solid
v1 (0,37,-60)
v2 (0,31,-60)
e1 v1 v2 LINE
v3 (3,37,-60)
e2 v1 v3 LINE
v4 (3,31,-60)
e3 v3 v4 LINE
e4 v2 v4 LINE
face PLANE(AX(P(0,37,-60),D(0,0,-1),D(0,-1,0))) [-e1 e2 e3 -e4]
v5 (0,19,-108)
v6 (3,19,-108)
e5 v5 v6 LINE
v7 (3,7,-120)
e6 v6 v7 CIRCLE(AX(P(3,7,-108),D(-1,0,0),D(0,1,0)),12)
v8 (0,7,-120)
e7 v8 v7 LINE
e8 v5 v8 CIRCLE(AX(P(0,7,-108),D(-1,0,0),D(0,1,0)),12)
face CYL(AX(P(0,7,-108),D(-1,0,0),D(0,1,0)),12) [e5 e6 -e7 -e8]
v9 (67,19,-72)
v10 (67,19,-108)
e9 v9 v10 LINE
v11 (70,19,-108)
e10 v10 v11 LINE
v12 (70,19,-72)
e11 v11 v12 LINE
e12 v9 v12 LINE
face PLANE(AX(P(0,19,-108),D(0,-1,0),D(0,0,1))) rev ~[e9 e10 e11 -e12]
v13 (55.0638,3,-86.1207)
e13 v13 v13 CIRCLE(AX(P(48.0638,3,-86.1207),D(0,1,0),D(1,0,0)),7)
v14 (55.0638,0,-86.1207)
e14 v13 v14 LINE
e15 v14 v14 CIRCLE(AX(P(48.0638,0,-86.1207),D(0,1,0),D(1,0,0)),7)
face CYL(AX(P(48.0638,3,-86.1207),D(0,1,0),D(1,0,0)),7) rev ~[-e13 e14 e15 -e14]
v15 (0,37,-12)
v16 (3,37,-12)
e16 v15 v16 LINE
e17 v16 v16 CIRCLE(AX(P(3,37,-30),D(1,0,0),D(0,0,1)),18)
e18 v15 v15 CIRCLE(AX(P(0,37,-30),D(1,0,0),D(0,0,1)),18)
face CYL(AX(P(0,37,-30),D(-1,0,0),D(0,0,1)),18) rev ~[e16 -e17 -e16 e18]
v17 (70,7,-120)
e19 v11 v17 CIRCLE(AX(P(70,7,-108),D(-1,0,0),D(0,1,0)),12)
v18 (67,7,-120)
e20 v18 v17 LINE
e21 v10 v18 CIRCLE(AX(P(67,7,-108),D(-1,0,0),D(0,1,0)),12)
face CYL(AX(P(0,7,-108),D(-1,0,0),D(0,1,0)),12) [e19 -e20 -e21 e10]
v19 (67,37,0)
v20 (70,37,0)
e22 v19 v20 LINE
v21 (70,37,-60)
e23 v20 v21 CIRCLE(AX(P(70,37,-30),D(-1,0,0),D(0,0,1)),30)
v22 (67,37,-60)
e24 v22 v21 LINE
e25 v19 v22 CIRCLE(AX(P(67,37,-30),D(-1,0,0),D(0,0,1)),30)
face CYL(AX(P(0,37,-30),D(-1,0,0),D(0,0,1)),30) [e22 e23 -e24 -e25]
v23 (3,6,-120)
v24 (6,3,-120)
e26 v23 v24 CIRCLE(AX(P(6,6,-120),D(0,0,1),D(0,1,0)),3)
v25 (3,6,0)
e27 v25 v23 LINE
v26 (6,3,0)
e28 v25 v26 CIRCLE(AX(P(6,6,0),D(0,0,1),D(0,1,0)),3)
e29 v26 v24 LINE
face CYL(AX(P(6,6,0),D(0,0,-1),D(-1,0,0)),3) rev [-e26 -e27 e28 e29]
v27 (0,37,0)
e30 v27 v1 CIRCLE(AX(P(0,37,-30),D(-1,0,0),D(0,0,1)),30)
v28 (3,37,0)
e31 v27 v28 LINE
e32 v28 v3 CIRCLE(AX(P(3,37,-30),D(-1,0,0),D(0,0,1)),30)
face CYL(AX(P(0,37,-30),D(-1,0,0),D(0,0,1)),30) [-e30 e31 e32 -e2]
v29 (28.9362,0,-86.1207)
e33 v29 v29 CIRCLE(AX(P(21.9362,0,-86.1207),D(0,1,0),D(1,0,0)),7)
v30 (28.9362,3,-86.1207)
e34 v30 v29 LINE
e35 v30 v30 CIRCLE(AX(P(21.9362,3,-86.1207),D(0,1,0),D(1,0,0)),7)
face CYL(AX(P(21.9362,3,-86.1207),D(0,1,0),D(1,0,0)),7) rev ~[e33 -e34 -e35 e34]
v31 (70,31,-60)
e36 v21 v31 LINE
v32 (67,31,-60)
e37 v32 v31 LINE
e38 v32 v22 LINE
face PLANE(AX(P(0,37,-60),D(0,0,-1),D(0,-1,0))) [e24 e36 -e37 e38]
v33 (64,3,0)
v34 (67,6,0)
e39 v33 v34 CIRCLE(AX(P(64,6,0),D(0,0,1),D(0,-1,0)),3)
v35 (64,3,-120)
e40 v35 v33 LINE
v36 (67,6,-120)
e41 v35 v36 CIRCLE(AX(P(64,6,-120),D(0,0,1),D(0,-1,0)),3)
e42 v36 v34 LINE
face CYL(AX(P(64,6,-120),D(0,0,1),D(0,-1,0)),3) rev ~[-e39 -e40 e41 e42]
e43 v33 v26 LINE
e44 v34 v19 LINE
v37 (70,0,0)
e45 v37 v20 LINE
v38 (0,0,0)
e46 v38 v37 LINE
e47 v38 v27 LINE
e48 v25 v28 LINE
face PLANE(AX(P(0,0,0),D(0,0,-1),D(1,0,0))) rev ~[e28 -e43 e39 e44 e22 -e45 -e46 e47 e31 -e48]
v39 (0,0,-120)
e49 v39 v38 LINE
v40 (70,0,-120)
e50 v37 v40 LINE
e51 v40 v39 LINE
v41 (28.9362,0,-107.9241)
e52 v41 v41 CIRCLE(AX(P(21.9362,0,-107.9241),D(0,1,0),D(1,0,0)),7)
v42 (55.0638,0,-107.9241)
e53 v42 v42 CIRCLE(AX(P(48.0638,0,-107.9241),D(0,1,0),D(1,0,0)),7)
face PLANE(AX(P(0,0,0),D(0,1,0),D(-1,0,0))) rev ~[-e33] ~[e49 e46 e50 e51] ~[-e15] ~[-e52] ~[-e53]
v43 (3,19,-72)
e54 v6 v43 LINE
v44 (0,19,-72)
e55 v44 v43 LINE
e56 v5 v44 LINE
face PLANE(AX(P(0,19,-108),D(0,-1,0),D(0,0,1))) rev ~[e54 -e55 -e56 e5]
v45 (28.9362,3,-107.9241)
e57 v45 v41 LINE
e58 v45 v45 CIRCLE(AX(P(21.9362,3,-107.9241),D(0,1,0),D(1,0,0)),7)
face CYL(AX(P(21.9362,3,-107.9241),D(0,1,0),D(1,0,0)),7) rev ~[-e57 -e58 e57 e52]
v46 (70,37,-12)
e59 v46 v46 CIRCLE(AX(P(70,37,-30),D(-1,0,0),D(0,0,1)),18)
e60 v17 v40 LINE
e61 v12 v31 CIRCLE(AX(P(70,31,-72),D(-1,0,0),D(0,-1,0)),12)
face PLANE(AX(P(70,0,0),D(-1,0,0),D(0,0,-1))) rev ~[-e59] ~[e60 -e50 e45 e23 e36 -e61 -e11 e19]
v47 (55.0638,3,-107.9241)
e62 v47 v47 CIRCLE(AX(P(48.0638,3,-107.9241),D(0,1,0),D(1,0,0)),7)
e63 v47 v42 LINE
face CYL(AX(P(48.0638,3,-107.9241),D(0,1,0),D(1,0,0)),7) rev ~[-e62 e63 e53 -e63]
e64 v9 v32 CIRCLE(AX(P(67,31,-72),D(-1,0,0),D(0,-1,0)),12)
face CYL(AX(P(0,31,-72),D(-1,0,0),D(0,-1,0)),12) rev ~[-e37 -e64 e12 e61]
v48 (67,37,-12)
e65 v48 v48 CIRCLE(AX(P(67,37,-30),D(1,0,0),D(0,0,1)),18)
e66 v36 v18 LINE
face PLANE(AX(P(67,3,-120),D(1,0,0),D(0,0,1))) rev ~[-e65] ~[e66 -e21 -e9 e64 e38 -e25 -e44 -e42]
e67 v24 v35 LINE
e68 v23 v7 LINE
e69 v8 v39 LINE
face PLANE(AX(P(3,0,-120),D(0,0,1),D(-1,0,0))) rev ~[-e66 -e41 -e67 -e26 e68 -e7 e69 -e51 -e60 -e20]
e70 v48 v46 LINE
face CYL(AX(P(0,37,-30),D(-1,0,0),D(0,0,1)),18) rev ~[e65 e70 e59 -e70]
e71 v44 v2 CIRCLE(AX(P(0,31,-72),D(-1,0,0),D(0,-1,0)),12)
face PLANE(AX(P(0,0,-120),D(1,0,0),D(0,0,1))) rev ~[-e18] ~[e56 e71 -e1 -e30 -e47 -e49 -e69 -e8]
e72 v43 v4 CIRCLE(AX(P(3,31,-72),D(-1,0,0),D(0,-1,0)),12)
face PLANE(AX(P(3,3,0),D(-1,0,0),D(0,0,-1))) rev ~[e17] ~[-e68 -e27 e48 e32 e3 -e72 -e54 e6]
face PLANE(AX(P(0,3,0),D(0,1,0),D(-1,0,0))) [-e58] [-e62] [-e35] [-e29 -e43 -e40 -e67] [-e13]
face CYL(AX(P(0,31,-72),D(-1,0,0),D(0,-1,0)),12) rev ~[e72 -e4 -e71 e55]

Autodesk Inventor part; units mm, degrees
ref_plane "YZ Plane" through (0, 0, 0) normal (1, 0, 0) x (0, 1, 0)
ref_plane "XZ Plane" through (0, 0, 0) normal (0, 1, 0) x (-1, 0, 0)
ref_plane "XY Plane" through (0, 0, 0) normal (0, 0, 1) x (1, 0, 0)
sketch "Sketch1" plane through (0, 0, 0) normal (0, 1, 0) x (-1, 0, 0)
  line L0 (0, 0) -> (-70, 0)
  line L1 (-70, 0) -> (-70, -120)
  line L2 (-70, -120) -> (0, -120)
  line L3 (0, -120) -> (0, 0)
  line L4 (0, -120) -> (-3, -120)
  line L5 (-3, -120) -> (-3, 0)
  line L6 (-70, 0) -> (-67, 0)
  line L7 (-67, 0) -> (-67, -120)
  dimension "d0" = 70
  dimension "d1" = 120
  dimension "d2" = 3
  dimension "d3" = 3
extrude "Extrusion1" add sketch "Sketch1" along normal blind 3
sketch "Sketch2" plane through (0, 3, 0) normal (0, 1, 0) x (1, 0, 0)
  line L0 (70, 0) -> (70, 120) projected
  line L1 (70, 120) -> (0, 120)
  line L2 (0, 120) -> (0, 0)
  line L3 (0, 0) -> (70, 0)
  line L4 (70, 0) -> (70, 120)
  line L5 (70, 120) -> (67, 120)
  line L6 (67, 120) -> (67, 0)
  line L7 (0, 0) -> (3, 0)
  line L8 (3, 0) -> (3, 120)
  dimension "d6" = 3
  dimension "d7" = 3
extrude "Extrusion2" add sketch "Sketch2" along normal blind 70 contours L3 L6 L1 L0 | L3 L2 L1 L8
sketch "Sketch3" plane through (0, 0, -120) normal (-1, 0, 0) x (0, 0, 1)
  line L0 (120, 0) -> (90, 0)
  line L1 (90, 0) -> (120, 0)
  line L2 (90, 0) -> (127, 0)
  line L3 (120, 0) -> (0, 0) projected
  line L4 (90, 0) -> (90, 37)
  circle A0 centre (90, 37) radius 18
  circle A1 centre (90, 37) radius 30
  line L5 (0, 0) -> (0, 7)
  line L6 (0, 3) -> (0, 73) projected
  line L7 (12, 19) -> (48, 19)
  arc A2 (12, 19) -> (0, 7) centre (12, 7) ccw
  line L8 (60, 37) -> (60, 31)
  arc A3 (48, 19) -> (60, 31) centre (48, 31) ccw
  line L9 (0, 7) -> (0, 73)
  line L10 (0, 73) -> (120, 73)
  line L11 (120, 73) -> (120, 37)
  point P0 (0, 19)
  point P1 (66, 19)
  dimension "d10" = 30
  dimension "d12" = 37
  dimension "d13" = 36
  dimension "d14" = 60
  dimension "d15" = 19
  dimension "d16" = 12
  dimension "d17" = 12
extrude "Extrusion3" cut sketch "Sketch3" against normal blind 70 contours L8 A3 L7 A2 L6 L10 L11 A1
sketch "Sketch4" plane through (0, 0, -120) normal (-1, 0, 0) x (0, 0, 1)
  line L0 (120, 0) -> (90, 0)
  line L1 (0, 0) -> (120, 0) projected
  line L2 (90, 0) -> (90, 37)
  circle A0 centre (90, 37) radius 18
  dimension "d20" = 30
  dimension "d21" = 37
  dimension "d22" = 36
extrude "Extrusion4" cut sketch "Sketch4" against normal blind 70
fillet "Fillet1" radius 3 2 edges at (3, 3, -60) (67, 3, -60)
sketch "Sketch5" plane through (0, 3, 0) normal (0, 1, 0) x (1, 0, 0)
  line L0 (67, 0) -> (67, 120) projected
  line L1 (67, 120) -> (56, 120)
  line L2 (70, 120) -> (0, 120) projected
  line L3 (3, 120) -> (3, 0) projected
  line L4 (3, 120) -> (5.3284, 120)
  line L5 (3, 120) -> (14, 120)
  circle A0 centre (48.0638, 86.1207) radius 7
  circle A1 centre (48.0638, 107.9241) radius 7
  circle A2 centre (21.9362, 86.1207) radius 7
  circle A3 centre (21.9362, 107.9241) radius 7
  point P0 (0, 0)
extrude "Extrusion5" cut sketch "Sketch5" against normal blind 70
properties part number "whateverthisis"
